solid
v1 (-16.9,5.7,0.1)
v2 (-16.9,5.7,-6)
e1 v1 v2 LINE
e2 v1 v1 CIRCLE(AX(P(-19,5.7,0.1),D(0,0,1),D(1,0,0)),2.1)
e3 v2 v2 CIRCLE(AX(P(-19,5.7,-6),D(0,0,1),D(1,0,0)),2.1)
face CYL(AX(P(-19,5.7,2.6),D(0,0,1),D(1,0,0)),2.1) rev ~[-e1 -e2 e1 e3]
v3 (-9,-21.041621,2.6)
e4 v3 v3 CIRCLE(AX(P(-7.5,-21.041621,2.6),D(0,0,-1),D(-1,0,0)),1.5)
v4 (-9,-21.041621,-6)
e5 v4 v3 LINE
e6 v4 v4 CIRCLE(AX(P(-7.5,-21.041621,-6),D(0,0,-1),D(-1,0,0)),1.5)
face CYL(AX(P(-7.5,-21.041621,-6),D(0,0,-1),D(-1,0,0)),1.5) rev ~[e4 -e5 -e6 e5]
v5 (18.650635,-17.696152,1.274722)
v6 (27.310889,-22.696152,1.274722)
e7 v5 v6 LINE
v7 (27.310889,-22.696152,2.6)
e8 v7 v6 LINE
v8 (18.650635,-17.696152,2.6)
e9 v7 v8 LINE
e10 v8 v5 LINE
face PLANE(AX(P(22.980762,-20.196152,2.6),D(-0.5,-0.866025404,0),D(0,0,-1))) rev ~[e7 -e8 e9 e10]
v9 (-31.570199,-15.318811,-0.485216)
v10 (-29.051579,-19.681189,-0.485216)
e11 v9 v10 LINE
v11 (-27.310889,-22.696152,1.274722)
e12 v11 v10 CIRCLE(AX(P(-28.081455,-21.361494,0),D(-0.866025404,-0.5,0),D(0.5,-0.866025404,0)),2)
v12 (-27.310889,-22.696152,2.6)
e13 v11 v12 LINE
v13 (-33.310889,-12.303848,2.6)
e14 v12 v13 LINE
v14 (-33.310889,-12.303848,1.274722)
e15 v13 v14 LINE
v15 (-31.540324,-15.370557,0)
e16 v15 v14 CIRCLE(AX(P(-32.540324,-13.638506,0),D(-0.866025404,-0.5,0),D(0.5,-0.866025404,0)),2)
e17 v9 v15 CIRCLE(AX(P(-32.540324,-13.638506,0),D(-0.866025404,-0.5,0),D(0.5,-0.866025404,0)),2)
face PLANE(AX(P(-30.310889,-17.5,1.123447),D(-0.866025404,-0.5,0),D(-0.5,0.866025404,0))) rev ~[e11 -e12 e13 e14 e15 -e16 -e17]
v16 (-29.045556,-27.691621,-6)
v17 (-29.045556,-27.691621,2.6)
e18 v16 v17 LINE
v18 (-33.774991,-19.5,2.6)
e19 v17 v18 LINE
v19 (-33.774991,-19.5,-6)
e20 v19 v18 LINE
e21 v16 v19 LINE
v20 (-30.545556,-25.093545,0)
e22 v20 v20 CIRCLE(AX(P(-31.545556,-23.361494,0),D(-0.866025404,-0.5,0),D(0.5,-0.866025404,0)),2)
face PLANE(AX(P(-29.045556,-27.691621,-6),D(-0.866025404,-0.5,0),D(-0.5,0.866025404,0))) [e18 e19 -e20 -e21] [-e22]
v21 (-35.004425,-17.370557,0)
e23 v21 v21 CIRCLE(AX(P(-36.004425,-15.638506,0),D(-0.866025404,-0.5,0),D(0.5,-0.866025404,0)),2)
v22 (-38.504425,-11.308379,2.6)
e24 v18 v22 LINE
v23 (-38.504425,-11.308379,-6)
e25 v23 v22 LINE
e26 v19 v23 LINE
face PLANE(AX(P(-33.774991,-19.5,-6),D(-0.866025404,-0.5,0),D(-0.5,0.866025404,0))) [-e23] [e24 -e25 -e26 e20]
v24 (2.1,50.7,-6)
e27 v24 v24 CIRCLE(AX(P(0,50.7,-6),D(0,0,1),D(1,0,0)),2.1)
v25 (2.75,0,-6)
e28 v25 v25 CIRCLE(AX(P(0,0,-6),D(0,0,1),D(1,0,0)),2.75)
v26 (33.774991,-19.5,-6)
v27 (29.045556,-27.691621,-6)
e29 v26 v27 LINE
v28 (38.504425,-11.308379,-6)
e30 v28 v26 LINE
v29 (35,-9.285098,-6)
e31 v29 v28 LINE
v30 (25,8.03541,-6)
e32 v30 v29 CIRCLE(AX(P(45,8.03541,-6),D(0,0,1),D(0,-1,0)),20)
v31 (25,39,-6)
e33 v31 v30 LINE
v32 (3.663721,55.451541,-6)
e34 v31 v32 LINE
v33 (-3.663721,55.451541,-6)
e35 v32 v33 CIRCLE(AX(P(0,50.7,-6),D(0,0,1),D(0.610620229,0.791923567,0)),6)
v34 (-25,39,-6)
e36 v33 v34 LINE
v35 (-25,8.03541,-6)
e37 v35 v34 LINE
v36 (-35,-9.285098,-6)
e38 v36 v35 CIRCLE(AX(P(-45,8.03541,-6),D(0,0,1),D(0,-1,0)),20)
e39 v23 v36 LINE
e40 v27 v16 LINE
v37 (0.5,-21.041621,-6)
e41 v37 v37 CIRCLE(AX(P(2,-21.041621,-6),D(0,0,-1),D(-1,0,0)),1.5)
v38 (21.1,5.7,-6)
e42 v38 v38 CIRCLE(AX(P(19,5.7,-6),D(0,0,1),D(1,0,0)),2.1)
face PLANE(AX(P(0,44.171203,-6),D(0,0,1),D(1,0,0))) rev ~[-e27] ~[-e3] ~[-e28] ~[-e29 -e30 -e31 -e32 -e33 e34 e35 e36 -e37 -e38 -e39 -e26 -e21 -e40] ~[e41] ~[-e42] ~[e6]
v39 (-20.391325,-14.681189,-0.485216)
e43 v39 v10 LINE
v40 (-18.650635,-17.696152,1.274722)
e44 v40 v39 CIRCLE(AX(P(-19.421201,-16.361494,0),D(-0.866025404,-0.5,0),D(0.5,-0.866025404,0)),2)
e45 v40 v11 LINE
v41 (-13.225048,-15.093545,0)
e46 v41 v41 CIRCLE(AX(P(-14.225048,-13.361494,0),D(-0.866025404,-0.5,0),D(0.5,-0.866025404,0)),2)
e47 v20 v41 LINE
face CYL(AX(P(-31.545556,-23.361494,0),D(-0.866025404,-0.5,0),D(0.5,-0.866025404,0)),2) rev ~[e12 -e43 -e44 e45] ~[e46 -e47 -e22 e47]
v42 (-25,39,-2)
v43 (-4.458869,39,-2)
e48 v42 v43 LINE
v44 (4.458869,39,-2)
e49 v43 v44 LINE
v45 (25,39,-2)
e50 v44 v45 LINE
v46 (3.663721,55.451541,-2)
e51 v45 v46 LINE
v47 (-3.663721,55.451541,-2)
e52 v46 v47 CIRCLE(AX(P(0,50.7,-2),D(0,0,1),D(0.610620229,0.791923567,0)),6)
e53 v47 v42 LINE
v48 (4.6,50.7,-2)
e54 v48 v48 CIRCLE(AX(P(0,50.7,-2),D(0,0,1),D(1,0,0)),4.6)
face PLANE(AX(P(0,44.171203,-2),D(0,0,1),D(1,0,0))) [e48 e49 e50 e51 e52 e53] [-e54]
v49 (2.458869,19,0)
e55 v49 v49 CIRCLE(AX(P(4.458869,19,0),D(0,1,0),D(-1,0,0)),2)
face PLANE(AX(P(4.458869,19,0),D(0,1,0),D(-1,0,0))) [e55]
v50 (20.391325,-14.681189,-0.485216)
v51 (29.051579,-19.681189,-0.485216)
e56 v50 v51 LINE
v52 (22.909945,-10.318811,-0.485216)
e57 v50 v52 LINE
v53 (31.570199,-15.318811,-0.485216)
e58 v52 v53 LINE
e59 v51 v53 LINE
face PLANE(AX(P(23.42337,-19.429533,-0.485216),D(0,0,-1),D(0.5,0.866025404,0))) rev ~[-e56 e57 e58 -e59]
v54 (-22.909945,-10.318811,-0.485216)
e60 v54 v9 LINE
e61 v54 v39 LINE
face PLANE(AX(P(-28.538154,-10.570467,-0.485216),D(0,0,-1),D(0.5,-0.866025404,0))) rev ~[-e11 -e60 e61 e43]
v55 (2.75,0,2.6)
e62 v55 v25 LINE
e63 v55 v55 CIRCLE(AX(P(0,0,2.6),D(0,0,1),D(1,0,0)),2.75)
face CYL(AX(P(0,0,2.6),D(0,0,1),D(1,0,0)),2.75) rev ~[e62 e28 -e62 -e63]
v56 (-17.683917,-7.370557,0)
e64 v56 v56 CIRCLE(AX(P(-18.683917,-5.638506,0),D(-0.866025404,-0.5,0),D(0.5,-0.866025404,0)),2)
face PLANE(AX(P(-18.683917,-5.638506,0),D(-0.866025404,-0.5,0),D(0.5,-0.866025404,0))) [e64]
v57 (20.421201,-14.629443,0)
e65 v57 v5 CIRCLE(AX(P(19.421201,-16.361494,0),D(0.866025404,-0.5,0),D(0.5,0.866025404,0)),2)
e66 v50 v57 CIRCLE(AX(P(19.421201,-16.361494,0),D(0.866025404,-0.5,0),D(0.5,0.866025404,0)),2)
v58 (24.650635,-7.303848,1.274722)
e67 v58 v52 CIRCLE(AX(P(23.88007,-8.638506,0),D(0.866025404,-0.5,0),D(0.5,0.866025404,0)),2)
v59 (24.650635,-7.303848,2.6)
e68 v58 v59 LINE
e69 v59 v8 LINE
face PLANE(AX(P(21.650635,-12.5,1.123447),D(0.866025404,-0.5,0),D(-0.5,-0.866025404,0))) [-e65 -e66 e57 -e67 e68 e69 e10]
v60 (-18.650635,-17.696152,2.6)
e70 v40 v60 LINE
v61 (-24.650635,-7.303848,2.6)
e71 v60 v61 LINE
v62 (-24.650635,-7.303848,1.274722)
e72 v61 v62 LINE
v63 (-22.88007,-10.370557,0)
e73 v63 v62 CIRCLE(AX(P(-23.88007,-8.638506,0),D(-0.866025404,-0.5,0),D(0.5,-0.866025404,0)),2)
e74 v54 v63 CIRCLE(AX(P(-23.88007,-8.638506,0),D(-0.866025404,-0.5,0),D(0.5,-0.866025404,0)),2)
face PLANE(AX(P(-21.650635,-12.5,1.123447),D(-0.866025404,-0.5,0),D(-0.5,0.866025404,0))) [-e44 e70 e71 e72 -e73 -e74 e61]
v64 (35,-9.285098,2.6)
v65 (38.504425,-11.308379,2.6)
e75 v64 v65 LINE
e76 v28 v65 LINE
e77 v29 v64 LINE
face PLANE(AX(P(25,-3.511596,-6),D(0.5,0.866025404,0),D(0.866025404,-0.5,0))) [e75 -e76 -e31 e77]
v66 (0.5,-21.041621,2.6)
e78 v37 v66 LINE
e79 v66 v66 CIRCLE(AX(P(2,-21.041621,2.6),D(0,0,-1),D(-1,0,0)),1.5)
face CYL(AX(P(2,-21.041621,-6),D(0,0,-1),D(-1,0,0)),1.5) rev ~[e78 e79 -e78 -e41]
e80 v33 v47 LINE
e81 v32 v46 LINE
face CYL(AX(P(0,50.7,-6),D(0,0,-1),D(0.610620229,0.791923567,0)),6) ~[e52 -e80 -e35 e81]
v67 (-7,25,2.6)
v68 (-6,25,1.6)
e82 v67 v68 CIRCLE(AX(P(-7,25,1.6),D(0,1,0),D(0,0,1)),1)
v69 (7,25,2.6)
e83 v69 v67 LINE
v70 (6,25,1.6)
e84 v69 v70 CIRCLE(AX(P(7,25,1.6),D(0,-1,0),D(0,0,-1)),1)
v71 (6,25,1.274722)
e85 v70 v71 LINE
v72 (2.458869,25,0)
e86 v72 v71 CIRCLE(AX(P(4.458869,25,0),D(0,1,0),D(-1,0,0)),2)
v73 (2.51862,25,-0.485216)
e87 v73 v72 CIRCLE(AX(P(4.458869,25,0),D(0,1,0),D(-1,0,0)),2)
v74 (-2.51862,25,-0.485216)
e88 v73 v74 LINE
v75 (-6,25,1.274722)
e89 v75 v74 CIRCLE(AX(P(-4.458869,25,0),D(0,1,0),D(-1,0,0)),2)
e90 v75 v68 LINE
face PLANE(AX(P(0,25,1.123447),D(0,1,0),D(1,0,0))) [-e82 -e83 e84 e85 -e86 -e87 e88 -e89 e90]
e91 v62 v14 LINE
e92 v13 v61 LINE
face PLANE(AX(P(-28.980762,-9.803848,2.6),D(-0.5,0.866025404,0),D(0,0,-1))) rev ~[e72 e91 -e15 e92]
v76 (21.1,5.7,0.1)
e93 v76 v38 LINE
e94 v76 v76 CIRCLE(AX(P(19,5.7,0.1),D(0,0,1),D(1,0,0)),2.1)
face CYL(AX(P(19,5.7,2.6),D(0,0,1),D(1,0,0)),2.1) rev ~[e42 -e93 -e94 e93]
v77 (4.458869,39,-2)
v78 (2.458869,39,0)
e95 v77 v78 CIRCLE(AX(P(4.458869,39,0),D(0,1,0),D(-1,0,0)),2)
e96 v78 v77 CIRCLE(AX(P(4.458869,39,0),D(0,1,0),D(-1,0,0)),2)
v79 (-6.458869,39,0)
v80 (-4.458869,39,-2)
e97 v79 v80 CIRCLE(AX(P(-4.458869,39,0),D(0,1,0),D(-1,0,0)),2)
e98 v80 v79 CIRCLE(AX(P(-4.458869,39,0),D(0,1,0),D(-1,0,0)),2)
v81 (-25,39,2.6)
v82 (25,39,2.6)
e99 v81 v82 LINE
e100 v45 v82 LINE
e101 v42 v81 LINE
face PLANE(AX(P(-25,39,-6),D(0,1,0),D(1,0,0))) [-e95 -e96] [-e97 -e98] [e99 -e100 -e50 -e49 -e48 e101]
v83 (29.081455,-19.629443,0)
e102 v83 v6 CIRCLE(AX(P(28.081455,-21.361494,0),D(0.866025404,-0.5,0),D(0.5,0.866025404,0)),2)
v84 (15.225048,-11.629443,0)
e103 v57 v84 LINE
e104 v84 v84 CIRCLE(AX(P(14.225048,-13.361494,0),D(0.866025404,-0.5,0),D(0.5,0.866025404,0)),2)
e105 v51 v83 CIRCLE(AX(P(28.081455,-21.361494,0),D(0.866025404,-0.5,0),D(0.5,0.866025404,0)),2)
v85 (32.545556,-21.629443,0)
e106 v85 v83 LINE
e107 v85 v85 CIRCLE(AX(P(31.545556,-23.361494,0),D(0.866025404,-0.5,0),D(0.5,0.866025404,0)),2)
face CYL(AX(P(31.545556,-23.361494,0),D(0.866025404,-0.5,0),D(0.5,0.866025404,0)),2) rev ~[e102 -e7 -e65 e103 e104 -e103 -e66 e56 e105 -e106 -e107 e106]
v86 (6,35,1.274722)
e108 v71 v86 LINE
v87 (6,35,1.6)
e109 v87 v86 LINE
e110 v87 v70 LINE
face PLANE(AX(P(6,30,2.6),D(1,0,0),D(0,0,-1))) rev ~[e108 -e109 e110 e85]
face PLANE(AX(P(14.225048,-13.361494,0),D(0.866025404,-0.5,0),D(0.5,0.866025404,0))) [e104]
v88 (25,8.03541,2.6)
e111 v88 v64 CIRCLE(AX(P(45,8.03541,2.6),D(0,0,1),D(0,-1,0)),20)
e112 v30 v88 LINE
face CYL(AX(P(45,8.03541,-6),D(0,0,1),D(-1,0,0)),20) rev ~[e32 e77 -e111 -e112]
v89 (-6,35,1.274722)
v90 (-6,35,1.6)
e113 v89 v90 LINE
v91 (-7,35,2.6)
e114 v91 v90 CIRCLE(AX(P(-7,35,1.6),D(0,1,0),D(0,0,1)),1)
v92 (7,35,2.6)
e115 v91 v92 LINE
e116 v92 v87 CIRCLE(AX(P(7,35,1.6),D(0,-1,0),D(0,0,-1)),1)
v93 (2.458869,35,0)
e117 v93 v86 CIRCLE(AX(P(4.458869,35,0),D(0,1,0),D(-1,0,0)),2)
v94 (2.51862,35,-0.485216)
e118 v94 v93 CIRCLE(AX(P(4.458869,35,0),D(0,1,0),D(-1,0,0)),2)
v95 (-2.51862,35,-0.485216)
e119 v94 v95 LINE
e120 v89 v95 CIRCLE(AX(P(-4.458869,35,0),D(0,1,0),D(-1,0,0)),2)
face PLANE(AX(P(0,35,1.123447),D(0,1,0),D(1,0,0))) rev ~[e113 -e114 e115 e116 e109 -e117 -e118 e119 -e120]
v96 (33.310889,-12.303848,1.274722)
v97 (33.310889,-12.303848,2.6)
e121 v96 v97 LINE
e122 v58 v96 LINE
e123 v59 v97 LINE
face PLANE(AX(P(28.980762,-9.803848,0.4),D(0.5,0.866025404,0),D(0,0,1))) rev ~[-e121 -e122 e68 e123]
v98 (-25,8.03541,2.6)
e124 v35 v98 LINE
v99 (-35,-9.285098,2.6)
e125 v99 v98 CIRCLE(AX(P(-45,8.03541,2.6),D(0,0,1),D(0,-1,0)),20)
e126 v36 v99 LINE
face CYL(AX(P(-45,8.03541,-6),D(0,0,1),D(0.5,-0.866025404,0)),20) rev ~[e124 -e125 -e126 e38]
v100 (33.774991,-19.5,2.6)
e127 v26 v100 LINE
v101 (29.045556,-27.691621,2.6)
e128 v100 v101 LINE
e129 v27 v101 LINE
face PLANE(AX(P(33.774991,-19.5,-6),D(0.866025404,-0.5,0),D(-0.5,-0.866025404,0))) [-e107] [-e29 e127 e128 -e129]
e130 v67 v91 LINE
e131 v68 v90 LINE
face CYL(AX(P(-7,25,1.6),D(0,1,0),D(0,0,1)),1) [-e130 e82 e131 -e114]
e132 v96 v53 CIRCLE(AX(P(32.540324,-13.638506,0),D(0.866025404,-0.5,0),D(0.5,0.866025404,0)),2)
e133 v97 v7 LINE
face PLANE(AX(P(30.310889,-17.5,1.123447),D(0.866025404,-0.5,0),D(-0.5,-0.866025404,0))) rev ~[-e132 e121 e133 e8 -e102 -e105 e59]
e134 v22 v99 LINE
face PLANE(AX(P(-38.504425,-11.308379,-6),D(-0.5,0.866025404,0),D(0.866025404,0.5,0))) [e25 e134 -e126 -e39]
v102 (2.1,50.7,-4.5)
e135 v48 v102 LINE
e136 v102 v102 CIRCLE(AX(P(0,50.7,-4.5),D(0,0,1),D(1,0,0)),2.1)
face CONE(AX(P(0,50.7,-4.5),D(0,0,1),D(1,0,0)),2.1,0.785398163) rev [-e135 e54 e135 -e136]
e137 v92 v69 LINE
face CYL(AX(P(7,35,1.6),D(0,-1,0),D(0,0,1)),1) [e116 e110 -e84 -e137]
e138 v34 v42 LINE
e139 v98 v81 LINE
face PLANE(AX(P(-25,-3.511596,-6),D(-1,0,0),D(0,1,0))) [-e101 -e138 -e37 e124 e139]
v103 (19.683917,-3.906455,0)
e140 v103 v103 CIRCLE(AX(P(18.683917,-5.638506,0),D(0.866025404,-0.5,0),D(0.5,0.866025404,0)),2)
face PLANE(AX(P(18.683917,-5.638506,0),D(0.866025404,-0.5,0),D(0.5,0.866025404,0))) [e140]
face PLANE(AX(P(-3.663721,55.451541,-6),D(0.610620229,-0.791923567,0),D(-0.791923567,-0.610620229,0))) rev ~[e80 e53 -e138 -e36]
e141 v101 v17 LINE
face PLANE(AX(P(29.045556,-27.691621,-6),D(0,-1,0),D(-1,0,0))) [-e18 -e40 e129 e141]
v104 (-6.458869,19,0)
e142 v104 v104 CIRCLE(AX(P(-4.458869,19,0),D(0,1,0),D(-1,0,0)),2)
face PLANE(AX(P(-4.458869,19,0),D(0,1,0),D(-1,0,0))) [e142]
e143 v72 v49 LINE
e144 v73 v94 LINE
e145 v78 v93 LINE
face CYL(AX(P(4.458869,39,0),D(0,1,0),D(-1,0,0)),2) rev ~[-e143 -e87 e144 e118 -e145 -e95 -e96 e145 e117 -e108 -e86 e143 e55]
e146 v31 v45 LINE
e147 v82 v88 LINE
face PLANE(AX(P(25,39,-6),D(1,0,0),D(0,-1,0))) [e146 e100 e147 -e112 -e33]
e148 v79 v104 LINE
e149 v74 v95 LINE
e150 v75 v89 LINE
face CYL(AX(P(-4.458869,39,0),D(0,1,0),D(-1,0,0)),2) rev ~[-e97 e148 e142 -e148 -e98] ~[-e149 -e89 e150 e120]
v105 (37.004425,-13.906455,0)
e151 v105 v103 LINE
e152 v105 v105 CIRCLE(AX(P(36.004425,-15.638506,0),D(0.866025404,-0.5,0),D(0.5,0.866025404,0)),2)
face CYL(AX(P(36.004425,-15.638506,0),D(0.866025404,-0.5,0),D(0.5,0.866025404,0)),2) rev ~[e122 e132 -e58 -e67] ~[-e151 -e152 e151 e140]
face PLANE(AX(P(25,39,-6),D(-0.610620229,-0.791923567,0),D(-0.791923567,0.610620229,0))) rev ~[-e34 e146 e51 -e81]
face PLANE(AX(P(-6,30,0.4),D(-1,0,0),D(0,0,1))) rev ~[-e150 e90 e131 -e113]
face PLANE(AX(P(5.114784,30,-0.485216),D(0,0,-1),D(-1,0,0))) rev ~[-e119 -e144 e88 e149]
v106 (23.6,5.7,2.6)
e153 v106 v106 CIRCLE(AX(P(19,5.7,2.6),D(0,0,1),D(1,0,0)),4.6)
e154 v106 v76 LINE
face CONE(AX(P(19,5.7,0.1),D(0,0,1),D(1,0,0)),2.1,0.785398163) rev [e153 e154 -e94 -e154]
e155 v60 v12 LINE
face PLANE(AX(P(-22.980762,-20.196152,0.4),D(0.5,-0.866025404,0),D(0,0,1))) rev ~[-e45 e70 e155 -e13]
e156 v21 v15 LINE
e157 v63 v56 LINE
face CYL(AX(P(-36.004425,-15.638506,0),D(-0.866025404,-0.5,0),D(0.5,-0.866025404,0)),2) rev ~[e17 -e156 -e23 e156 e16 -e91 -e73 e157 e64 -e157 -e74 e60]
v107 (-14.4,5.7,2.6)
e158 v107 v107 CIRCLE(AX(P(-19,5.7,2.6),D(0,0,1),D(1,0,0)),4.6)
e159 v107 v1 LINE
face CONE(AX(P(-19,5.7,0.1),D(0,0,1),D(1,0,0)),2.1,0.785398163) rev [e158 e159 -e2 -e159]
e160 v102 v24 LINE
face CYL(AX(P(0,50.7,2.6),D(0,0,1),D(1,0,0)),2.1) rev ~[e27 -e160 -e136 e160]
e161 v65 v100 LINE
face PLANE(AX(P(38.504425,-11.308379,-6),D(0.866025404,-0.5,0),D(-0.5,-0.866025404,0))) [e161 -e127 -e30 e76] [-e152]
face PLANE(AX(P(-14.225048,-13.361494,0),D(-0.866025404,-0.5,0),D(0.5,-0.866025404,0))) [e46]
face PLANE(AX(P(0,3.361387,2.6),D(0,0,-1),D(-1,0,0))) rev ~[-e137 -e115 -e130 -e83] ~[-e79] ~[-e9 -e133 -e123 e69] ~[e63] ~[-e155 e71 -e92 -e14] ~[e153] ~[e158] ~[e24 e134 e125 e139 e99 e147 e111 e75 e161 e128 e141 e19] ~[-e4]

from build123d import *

# Parameters (mm, degrees)
BOSS_EXTRUDE1_DEPTH      = 2.6
BOSS_EXTRUDE1_DEPTH_BACK = 6
FILLET1_R                = 20
CUT_EXTRUDE1_DEPTH       = 5
SKETCH5_R                = 2
CUT_EXTRUDE2_DEPTH       = 20
FILLET3_R                = 1
CIRPATTERN1_COUNT        = 3
SKETCH6_R                = 2.75
CUT_EXTRUDE3_DEPTH       = 56.475677209
BOSS_EXTRUDE2_DEPTH      = 4
SKETCH8_R                = 2.1
CUT_EXTRUDE4_DEPTH       = 70.075616261
CHAMFER1_SIZE            = 2.5
SKETCH9_R                = 1.5
CUT_EXTRUDE5_DEPTH       = 70.075616261


with BuildPart() as part:
    # Sketch3 → Boss-Extrude1 (new, two sides: drawn at the far end of the back side and taken through both)
    with BuildSketch(Plane.XY.offset(-BOSS_EXTRUDE1_DEPTH_BACK)):
        Polygon((-25, 39), (25, 39), (25, -3.511595657), (38.504425224, -11.308379196), (33.774990748, -19.5), (29.045556271, -27.691620804), (-29.045556271, -27.691620804), (-33.774990748, -19.5), (-38.504425224, -11.308379196), (-25, -3.511595657), align=None)
    extrude(amount=BOSS_EXTRUDE1_DEPTH + BOSS_EXTRUDE1_DEPTH_BACK)

    # Fillet1
    fillet1_edges = [part.edges().sort_by_distance(p)[0] for p in [
        (-25, -3.511595657, -1.7),
        (25, -3.511595657, -1.7),
    ]]
    fillet(fillet1_edges, radius=FILLET1_R)

    # Sketch4 → Cut-Extrude1 (cut, symmetric)
    with BuildSketch(Plane(origin=(0, 30, 0), x_dir=(1, 0, 0), z_dir=(0, 1, 0))):
        Polygon((5.114783638, 0.485216362), (-5.114783638, 0.485216362), (-6, -0.4), (-6, -2.6), (6, -2.6), (6, -0.4), align=None)
    cut_extrude1 = extrude(amount=CUT_EXTRUDE1_DEPTH, both=True, mode=Mode.SUBTRACT)

    # Sketch5 → Cut-Extrude2 (cut)
    with BuildSketch(Plane(origin=(0, 39, 0), x_dir=(1, 0, 0), z_dir=(0, 1, 0))):
        with Locations((-4.458868953, 0)):
            Circle(SKETCH5_R)
        with Locations((4.458868953, 0)):
            Circle(SKETCH5_R)
    cut_extrude2 = extrude(amount=-CUT_EXTRUDE2_DEPTH, mode=Mode.SUBTRACT)

    # Fillet3
    fillet3_edges = [part.edges().sort_by_distance(p)[0] for p in [
        (-6, 30, 2.6),
        (6, 30, 2.6),
    ]]
    fillet(fillet3_edges, radius=FILLET3_R)

    # CirPattern1: Cut-Extrude1, Cut-Extrude2 ×3 about axis
    cirpattern1_axis = Axis((0, 0, -80.9), (0, 0, 1))
    add([cut_extrude1.rotate(cirpattern1_axis, i * 360 / CIRPATTERN1_COUNT) for i in range(1, CIRPATTERN1_COUNT)], mode=Mode.SUBTRACT)
    add([cut_extrude2.rotate(cirpattern1_axis, i * 360 / CIRPATTERN1_COUNT) for i in range(1, CIRPATTERN1_COUNT)], mode=Mode.SUBTRACT)

    # Sketch6 → Cut-Extrude3 (cut, through all)
    with BuildSketch(Plane.XY.offset(2.6)):
        Circle(SKETCH6_R)
    extrude(amount=-CUT_EXTRUDE3_DEPTH, mode=Mode.SUBTRACT)

    # Sketch7 → Boss-Extrude2 (add)
    with BuildSketch(Plane(origin=(0, 0, -6), x_dir=(-1, 0, 0), z_dir=(0, 0, -1))):
        with BuildLine():
            Line((-25, 39), (-3.663721376, 55.451541401))
            ThreePointArc((-3.663721376, 55.451541401), (0, 56.7), (3.663721376, 55.451541401))
            Line((3.663721376, 55.451541401), (25, 39))
            Line((25, 39), (-25, 39))
        make_face()
    extrude(amount=-BOSS_EXTRUDE2_DEPTH)

    # Sketch8 → Cut-Extrude4 (cut, through all)
    with BuildSketch(Plane.XY.offset(2.6)):
        with Locations((-19, 5.7)):
            Circle(SKETCH8_R)
        with Locations((19, 5.7)):
            Circle(SKETCH8_R)
        with Locations((0, 50.7)):
            Circle(SKETCH8_R)
    extrude(amount=-CUT_EXTRUDE4_DEPTH, mode=Mode.SUBTRACT)

    # Chamfer1
    chamfer1_edges = [part.edges().sort_by_distance(p)[0] for p in [
        (-21.1, 5.7, 2.6),
        (16.9, 5.7, 2.6),
        (-2.1, 50.7, -2),
    ]]
    chamfer(chamfer1_edges, length=CHAMFER1_SIZE)

    # Sketch9 → Cut-Extrude5 (cut, through all)
    with BuildSketch(Plane(origin=(0, 0, -6), x_dir=(-1, 0, 0), z_dir=(0, 0, -1))):
        with Locations((7.5, -21.041620804)):
            Circle(SKETCH9_R)
        with Locations((-2, -21.041620804)):
            Circle(SKETCH9_R)
    extrude(amount=-CUT_EXTRUDE5_DEPTH, mode=Mode.SUBTRACT)


solid = part.part
